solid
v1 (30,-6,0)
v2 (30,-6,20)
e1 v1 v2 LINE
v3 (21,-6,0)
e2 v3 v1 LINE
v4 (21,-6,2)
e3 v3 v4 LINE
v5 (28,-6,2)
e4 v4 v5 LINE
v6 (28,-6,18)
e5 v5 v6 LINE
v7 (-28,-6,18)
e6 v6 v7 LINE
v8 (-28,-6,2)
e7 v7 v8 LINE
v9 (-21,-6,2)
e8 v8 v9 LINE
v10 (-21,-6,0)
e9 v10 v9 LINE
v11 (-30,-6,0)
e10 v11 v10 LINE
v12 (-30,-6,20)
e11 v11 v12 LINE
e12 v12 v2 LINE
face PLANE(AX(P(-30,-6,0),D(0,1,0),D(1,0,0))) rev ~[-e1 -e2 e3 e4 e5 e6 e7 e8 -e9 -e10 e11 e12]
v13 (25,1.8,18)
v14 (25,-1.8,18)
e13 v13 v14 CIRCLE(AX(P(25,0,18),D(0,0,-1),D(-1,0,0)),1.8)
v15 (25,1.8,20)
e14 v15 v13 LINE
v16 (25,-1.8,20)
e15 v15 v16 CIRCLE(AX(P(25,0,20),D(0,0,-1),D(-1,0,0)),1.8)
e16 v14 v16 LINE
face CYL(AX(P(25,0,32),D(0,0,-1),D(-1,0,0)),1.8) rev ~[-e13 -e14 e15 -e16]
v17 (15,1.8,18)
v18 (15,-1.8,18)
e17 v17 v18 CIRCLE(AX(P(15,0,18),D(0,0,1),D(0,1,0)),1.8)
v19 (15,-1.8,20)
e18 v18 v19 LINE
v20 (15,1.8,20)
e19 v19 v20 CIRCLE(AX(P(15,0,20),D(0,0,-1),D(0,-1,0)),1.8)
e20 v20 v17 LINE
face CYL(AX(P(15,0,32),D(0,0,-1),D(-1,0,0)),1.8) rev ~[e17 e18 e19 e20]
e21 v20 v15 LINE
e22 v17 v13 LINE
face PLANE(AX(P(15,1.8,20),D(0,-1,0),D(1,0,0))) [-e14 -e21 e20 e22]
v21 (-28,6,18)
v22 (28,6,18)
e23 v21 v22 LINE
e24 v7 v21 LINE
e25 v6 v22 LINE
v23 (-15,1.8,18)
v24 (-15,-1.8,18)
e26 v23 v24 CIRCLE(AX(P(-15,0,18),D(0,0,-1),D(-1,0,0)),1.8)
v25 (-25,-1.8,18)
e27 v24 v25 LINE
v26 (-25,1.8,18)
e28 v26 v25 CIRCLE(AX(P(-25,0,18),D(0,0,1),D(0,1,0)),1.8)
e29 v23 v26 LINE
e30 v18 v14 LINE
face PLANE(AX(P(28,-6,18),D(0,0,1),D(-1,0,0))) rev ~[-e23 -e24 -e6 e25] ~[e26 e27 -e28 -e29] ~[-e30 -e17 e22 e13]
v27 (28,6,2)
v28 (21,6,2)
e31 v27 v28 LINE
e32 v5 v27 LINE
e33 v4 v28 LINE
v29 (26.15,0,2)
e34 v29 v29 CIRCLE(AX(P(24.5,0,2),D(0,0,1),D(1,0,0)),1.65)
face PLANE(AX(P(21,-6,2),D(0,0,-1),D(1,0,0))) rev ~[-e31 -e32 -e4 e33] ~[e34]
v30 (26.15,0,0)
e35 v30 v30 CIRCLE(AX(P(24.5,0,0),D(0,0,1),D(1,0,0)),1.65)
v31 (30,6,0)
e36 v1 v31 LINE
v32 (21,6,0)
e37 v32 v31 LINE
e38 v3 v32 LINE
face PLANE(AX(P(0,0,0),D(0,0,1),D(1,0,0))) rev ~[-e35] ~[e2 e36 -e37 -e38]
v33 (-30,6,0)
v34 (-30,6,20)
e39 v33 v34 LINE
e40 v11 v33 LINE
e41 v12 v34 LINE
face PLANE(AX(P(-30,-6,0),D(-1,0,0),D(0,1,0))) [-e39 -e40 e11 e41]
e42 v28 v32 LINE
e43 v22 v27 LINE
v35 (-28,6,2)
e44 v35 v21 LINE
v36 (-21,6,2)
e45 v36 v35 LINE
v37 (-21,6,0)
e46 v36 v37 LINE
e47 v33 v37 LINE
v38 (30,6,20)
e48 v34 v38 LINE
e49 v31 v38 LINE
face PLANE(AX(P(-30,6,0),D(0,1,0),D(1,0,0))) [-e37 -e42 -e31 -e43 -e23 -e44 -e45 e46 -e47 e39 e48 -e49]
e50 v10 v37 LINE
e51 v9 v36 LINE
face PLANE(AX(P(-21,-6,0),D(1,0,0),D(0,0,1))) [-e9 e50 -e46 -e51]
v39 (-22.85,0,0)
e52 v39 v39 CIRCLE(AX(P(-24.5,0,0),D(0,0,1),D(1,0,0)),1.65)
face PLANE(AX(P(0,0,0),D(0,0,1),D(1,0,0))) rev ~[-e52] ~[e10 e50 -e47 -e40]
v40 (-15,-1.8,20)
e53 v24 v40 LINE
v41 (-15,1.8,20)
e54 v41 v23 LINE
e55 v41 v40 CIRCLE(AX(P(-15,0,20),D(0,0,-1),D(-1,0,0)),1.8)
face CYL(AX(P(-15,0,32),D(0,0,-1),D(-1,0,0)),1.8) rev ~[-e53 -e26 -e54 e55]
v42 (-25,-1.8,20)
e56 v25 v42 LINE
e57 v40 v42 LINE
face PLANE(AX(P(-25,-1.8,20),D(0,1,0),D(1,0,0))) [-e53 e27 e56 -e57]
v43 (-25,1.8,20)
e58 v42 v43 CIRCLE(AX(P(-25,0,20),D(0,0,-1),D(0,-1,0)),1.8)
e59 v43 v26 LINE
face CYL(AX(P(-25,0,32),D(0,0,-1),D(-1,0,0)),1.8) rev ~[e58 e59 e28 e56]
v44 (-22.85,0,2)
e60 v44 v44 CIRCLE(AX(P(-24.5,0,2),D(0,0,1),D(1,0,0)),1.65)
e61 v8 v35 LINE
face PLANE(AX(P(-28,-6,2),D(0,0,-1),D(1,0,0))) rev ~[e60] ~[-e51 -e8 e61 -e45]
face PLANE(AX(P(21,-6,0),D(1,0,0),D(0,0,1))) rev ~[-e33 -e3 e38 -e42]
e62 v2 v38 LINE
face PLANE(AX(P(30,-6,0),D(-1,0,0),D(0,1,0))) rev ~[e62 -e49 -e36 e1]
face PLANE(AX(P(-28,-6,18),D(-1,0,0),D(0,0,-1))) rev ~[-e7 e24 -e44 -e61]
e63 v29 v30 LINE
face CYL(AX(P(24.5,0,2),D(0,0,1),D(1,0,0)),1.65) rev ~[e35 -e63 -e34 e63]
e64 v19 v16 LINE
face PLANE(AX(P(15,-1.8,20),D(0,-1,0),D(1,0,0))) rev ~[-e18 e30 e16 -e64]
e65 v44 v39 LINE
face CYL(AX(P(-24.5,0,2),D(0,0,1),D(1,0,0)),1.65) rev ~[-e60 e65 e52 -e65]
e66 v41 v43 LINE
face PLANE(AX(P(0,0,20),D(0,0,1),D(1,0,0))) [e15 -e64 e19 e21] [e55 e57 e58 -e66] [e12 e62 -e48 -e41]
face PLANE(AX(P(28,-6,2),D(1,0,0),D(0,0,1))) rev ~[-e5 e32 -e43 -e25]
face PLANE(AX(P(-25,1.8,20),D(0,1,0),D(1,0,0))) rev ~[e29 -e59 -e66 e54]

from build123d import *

# Parameters (mm, degrees)
F0_W      = 60
F0_H      = 12
F1_DEPTH  = 20
F2_W      = 42
F2_H      = 2
F3_DEPTH  = 12.001
F4_DEPTH  = 12.001
F6_D      = 3.3
F6_DEPTH  = 2.001
F8_D      = 3.3
F8_DEPTH  = 2.001
F10_D     = 3.6
F10_DEPTH = 12
F10_TIP   = 1.0815491142
F9_W      = 10
F9_H      = 3.6
F11_DEPTH = 12.5


with BuildPart() as f1:
    # F0 (on Top) → F1 (new body)
    with BuildSketch(Plane.XY):
        Rectangle(F0_W, F0_H)
    extrude(amount=F1_DEPTH)

    # F2 (on face) → F3 (cut, through all)
    with BuildSketch(Plane.XZ.offset(6)):
        Polygon((28, 18), (-28, 18), (-28, 2), (-21, 2), (21, 2), (28, 2), align=None)
        with Locations((0, 1)):
            Rectangle(F2_W, F2_H)
    extrude(amount=-F3_DEPTH, mode=Mode.SUBTRACT)

    # F2 (on face) → F4 (cut, through all)
    with BuildSketch(Plane.XZ.offset(6)):
        Polygon((28, 18), (-28, 18), (-28, 2), (-21, 2), (21, 2), (28, 2), align=None)
        with Locations((0, 1)):
            Rectangle(F2_W, F2_H)
    extrude(amount=-F4_DEPTH, mode=Mode.SUBTRACT)

    # F6 (through all, one way)
    with BuildSketch(Plane.XY.offset(2)):
        with Locations((-24.5, 0)):
            Circle(F6_D / 2)
    extrude(amount=-F6_DEPTH, mode=Mode.SUBTRACT)

    # F8 (through all, one way)
    with BuildSketch(Plane.XY.offset(2)):
        with Locations((24.5, 0)):
            Circle(F8_D / 2)
    extrude(amount=-F8_DEPTH, mode=Mode.SUBTRACT)

    # F10
    with Locations(Plane.XY.offset(20)):
        with Locations((-15, 0), (15, 0), (-25, 0), (25, 0)):
            Hole(F10_D / 2, depth=F10_DEPTH)
            with Locations((0, 0, -(F10_DEPTH + F10_TIP / 2))):  # 118° drill point
                Cone(0, F10_D / 2, F10_TIP, mode=Mode.SUBTRACT)

    # F9 (on face) → F11 (cut, symmetric)
    with BuildSketch(Plane.XY.offset(20)):
        with Locations((-20, 0)):
            Rectangle(F9_W, F9_H)
        with Locations((20, 0)):
            Rectangle(F9_W, F9_H)
    extrude(amount=F11_DEPTH, both=True, mode=Mode.SUBTRACT)


solid = f1.part
